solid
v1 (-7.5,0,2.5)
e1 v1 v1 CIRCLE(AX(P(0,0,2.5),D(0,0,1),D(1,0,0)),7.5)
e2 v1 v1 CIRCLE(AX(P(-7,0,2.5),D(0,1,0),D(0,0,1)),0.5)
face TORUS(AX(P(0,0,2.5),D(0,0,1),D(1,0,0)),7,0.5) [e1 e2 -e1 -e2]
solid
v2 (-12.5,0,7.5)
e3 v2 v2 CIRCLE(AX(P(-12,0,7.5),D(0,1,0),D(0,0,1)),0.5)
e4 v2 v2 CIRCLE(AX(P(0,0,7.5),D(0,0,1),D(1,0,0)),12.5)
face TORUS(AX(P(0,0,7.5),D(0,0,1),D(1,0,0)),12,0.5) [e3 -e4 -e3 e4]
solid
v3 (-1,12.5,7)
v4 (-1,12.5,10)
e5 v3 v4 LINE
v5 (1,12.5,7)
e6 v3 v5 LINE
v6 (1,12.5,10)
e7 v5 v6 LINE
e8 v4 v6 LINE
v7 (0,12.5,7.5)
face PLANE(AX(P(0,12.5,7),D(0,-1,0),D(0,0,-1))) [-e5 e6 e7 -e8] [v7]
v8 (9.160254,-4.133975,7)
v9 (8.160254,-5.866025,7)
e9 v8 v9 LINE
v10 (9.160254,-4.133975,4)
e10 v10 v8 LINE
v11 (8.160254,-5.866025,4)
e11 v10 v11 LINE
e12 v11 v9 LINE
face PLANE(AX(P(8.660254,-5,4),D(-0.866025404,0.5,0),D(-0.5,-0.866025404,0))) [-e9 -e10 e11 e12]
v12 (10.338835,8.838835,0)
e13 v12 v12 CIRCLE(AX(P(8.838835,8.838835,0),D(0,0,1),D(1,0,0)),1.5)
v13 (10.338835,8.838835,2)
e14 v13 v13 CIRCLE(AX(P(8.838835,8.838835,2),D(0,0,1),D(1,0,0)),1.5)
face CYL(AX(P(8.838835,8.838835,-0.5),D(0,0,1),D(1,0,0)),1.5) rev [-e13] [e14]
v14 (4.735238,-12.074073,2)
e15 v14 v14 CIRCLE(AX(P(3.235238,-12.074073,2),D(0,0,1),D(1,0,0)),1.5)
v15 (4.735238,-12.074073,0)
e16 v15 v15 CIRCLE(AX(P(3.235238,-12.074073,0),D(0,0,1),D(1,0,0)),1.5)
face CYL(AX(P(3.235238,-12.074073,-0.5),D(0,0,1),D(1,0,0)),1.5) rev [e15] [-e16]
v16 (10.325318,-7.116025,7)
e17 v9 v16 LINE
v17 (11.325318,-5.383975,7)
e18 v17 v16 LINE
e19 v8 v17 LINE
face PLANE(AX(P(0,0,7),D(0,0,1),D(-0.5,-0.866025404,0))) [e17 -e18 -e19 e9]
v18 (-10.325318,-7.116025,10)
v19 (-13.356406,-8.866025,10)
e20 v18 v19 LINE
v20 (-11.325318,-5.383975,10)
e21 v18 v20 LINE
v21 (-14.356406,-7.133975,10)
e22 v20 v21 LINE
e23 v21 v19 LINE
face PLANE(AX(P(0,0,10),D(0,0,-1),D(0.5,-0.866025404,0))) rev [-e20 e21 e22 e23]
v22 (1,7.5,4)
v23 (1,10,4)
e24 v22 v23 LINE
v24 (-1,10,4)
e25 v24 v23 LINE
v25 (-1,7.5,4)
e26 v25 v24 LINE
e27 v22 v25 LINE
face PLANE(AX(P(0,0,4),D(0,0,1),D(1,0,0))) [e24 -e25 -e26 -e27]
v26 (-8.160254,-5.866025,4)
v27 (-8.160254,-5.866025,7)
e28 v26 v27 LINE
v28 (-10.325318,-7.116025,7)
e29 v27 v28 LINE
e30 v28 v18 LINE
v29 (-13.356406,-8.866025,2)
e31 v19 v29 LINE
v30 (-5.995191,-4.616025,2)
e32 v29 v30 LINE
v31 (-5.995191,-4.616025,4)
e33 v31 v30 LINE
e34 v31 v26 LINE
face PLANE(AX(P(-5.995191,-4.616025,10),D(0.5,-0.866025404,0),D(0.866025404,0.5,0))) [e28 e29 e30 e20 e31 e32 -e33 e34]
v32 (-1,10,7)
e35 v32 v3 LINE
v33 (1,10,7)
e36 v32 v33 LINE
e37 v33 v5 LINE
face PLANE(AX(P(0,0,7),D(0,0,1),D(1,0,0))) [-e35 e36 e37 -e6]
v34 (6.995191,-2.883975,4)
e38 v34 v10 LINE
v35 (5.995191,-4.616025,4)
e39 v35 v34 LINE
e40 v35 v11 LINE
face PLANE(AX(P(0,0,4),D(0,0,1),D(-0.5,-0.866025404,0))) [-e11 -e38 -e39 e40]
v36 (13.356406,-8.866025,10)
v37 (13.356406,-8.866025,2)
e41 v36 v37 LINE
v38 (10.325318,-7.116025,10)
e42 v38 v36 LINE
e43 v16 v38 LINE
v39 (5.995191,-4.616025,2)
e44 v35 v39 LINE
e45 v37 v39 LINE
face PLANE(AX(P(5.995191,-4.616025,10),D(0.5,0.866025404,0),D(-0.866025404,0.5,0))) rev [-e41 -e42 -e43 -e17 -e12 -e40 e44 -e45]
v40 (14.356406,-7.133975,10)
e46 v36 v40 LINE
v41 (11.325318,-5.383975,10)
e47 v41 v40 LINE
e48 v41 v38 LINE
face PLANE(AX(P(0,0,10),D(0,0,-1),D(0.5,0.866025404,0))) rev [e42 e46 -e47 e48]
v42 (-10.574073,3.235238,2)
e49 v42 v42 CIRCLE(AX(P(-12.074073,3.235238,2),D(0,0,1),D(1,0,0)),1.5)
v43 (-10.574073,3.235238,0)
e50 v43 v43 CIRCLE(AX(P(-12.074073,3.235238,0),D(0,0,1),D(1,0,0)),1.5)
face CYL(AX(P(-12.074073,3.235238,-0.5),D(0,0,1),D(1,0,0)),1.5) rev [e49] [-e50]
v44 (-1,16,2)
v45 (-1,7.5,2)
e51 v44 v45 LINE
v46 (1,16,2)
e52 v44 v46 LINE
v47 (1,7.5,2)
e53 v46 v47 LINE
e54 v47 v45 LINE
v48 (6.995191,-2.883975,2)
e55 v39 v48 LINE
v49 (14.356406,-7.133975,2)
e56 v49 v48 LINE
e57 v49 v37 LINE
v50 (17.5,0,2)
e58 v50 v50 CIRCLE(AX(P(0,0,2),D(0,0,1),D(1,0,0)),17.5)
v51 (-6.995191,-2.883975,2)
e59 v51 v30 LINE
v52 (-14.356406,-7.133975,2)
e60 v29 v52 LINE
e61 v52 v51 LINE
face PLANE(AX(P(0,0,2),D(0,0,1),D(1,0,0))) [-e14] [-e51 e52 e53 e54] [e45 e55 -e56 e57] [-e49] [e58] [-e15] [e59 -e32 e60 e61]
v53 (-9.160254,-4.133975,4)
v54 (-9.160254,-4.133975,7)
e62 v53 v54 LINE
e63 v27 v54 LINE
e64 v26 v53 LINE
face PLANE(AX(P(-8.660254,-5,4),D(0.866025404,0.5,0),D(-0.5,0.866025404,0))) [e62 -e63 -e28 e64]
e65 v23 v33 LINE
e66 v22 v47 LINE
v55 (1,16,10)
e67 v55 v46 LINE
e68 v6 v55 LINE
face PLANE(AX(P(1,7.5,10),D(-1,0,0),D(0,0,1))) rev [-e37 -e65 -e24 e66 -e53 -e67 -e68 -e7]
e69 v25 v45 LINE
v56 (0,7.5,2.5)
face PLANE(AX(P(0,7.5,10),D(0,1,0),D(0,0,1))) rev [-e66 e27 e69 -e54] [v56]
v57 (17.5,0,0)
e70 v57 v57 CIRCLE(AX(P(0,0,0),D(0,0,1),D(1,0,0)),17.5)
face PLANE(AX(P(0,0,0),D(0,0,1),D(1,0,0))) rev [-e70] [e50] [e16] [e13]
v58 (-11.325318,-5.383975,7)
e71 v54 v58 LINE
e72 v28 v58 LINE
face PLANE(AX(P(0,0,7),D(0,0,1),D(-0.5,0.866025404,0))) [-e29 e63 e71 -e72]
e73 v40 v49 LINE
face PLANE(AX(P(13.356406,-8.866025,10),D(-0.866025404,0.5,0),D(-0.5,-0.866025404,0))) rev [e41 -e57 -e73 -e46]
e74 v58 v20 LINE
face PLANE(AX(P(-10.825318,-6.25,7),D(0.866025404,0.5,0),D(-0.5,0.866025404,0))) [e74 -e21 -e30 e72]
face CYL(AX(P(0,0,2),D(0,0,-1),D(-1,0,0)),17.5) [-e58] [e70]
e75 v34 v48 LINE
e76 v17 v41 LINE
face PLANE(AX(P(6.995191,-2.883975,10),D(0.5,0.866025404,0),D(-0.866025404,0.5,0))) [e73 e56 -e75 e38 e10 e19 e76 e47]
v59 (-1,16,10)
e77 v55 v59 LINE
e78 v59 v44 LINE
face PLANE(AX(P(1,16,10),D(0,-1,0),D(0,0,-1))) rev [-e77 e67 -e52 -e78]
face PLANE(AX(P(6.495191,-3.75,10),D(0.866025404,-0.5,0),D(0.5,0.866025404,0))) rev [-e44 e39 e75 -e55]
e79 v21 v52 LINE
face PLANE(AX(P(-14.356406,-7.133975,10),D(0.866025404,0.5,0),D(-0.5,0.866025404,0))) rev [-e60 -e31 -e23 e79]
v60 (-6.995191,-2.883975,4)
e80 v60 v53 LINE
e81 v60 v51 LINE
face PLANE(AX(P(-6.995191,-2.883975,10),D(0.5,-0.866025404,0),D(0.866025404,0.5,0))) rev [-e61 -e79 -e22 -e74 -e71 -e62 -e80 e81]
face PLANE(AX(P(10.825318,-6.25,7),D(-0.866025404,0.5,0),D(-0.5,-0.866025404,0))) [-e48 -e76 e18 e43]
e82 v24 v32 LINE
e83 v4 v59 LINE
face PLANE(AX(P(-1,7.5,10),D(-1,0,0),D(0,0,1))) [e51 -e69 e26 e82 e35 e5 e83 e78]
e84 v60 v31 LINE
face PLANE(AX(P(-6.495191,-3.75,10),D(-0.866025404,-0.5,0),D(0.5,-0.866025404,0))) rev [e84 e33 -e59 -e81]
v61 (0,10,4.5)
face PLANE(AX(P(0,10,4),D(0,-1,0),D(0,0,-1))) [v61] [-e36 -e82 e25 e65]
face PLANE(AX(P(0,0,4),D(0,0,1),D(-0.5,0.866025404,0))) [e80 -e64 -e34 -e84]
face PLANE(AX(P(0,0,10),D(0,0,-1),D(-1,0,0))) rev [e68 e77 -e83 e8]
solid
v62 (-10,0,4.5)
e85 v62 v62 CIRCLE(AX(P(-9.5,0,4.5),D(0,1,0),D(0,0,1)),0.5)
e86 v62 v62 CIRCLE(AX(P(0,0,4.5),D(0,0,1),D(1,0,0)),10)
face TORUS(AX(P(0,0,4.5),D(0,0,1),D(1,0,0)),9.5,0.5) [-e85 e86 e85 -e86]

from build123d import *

# Parameters (mm, degrees)
SKETCH_1_R                 = 17.5
EXTRUDE_1_DEPTH            = 2
EXTRUDE_2_DEPTH            = 10
CUT_EXTRUDE_10_DEPTH       = 6
SKETCH_16_W                = 2
SKETCH_16_H                = 2.5
CUT_EXTRUDE_12_DEPTH       = 3
SKETCH_18_R                = 0.5
SKETCH_20_R                = 0.5
SKETCH_22_R                = 0.5
PATTERN_CIRCULAR_7_COUNT   = 3
PATTERN_CIRCULAR_7_2_COUNT = 3
SKETCH_24_R                = 1.5
CUT_EXTRUDE_16_DEPTH       = 5


with BuildPart() as part:
    # 草图1 → 凸台-拉伸1 (new body)
    with BuildSketch(Plane.XY):
        Circle(SKETCH_1_R)
    extrude(amount=EXTRUDE_1_DEPTH)

    # 草图2 → 凸台-拉伸2 (add)
    with BuildSketch(Plane.XY):
        Polygon((0, 7.5), (1, 7.5), (1, 16), (-1, 16), (-1, 7.5), align=None)
    extrude_2 = extrude(amount=EXTRUDE_2_DEPTH)

    # 草图3 → 切除-拉伸10 (cut)
    with BuildSketch(Plane.XY.offset(10)):
        Polygon((1, 7.5), (1, 10), (-1, 10), (-1, 8.75), (-1, 7.5), align=None)
    cut_extrude_10 = extrude(amount=-CUT_EXTRUDE_10_DEPTH, mode=Mode.SUBTRACT)

    # 草图16 → 切除-拉伸12 (cut)
    with BuildSketch(Plane.XY.offset(10)):
        with Locations((0, 11.25)):
            Rectangle(SKETCH_16_W, SKETCH_16_H)
    cut_extrude_12 = extrude(amount=-CUT_EXTRUDE_12_DEPTH, mode=Mode.SUBTRACT)

    # 阵列(圆周)7: 凸台-拉伸2 ×3 about axis
    pattern_circular_7_axis = Axis((0, 0, 2), (0, 0, -1))
    for i in range(1, PATTERN_CIRCULAR_7_COUNT):
        add(extrude_2.rotate(pattern_circular_7_axis, i * 360 / PATTERN_CIRCULAR_7_COUNT))

    # Pattern Circular 7 2: 切除-拉伸10, 切除-拉伸12 ×3 about axis
    pattern_circular_7_2_axis = Axis((0, 0, 2), (0, 0, -1))
    add([cut_extrude_10.rotate(pattern_circular_7_2_axis, i * 360 / PATTERN_CIRCULAR_7_2_COUNT) for i in range(1, PATTERN_CIRCULAR_7_2_COUNT)], mode=Mode.SUBTRACT)
    add([cut_extrude_12.rotate(pattern_circular_7_2_axis, i * 360 / PATTERN_CIRCULAR_7_2_COUNT) for i in range(1, PATTERN_CIRCULAR_7_2_COUNT)], mode=Mode.SUBTRACT)

    # 草图24 → 切除-拉伸16 (cut)
    with BuildSketch(Plane.XY.offset(4.5)):
        with Locations((3.235238064, -12.074072829)):
            Circle(SKETCH_24_R)
        with Locations((8.838834765, 8.838834765)):
            Circle(SKETCH_24_R)
        with Locations((-12.074072829, 3.235238064)):
            Circle(SKETCH_24_R)
    extrude(amount=-CUT_EXTRUDE_16_DEPTH, mode=Mode.SUBTRACT)


with BuildPart() as body_2:
    # 扫描3: sweep along a path in 草图17
    with BuildLine(Plane.XY.offset(2.5)) as sweep_3_path:
        CenterArc((0, 0), 7, 0, 360)
    # 草图18 → 扫描3 (sweep)
    with BuildSketch(Plane(origin=(0, 0, 0), x_dir=(1, 0, 0), z_dir=(0, 1, 0))):
        with Locations((-7, -2.5)):
            Circle(SKETCH_18_R)
    sweep(path=sweep_3_path.line)


with BuildPart() as body_3:
    # 扫描4: sweep along a path in 草图19
    with BuildLine(Plane.XY.offset(4.5)) as sweep_4_path:
        CenterArc((0, 0), 9.5, 0, 360)
    # 草图20 → 扫描4 (sweep)
    with BuildSketch(Plane(origin=(0, 0, 0), x_dir=(1, 0, 0), z_dir=(0, 1, 0))):
        with Locations((-9.5, -4.5)):
            Circle(SKETCH_20_R)
    sweep(path=sweep_4_path.line)


with BuildPart() as body_4:
    # 扫描5: sweep along a path in 草图21
    with BuildLine(Plane.XY.offset(7.5)) as sweep_5_path:
        CenterArc((0, 0), 12, 0, 360)
    # 草图22 → 扫描5 (sweep)
    with BuildSketch(Plane(origin=(0, 0, 0), x_dir=(1, 0, 0), z_dir=(0, 1, 0))):
        with Locations((-12, -7.5)):
            Circle(SKETCH_22_R)
    sweep(path=sweep_5_path.line)


solid = Compound([part.part, body_2.part, body_3.part, body_4.part])
